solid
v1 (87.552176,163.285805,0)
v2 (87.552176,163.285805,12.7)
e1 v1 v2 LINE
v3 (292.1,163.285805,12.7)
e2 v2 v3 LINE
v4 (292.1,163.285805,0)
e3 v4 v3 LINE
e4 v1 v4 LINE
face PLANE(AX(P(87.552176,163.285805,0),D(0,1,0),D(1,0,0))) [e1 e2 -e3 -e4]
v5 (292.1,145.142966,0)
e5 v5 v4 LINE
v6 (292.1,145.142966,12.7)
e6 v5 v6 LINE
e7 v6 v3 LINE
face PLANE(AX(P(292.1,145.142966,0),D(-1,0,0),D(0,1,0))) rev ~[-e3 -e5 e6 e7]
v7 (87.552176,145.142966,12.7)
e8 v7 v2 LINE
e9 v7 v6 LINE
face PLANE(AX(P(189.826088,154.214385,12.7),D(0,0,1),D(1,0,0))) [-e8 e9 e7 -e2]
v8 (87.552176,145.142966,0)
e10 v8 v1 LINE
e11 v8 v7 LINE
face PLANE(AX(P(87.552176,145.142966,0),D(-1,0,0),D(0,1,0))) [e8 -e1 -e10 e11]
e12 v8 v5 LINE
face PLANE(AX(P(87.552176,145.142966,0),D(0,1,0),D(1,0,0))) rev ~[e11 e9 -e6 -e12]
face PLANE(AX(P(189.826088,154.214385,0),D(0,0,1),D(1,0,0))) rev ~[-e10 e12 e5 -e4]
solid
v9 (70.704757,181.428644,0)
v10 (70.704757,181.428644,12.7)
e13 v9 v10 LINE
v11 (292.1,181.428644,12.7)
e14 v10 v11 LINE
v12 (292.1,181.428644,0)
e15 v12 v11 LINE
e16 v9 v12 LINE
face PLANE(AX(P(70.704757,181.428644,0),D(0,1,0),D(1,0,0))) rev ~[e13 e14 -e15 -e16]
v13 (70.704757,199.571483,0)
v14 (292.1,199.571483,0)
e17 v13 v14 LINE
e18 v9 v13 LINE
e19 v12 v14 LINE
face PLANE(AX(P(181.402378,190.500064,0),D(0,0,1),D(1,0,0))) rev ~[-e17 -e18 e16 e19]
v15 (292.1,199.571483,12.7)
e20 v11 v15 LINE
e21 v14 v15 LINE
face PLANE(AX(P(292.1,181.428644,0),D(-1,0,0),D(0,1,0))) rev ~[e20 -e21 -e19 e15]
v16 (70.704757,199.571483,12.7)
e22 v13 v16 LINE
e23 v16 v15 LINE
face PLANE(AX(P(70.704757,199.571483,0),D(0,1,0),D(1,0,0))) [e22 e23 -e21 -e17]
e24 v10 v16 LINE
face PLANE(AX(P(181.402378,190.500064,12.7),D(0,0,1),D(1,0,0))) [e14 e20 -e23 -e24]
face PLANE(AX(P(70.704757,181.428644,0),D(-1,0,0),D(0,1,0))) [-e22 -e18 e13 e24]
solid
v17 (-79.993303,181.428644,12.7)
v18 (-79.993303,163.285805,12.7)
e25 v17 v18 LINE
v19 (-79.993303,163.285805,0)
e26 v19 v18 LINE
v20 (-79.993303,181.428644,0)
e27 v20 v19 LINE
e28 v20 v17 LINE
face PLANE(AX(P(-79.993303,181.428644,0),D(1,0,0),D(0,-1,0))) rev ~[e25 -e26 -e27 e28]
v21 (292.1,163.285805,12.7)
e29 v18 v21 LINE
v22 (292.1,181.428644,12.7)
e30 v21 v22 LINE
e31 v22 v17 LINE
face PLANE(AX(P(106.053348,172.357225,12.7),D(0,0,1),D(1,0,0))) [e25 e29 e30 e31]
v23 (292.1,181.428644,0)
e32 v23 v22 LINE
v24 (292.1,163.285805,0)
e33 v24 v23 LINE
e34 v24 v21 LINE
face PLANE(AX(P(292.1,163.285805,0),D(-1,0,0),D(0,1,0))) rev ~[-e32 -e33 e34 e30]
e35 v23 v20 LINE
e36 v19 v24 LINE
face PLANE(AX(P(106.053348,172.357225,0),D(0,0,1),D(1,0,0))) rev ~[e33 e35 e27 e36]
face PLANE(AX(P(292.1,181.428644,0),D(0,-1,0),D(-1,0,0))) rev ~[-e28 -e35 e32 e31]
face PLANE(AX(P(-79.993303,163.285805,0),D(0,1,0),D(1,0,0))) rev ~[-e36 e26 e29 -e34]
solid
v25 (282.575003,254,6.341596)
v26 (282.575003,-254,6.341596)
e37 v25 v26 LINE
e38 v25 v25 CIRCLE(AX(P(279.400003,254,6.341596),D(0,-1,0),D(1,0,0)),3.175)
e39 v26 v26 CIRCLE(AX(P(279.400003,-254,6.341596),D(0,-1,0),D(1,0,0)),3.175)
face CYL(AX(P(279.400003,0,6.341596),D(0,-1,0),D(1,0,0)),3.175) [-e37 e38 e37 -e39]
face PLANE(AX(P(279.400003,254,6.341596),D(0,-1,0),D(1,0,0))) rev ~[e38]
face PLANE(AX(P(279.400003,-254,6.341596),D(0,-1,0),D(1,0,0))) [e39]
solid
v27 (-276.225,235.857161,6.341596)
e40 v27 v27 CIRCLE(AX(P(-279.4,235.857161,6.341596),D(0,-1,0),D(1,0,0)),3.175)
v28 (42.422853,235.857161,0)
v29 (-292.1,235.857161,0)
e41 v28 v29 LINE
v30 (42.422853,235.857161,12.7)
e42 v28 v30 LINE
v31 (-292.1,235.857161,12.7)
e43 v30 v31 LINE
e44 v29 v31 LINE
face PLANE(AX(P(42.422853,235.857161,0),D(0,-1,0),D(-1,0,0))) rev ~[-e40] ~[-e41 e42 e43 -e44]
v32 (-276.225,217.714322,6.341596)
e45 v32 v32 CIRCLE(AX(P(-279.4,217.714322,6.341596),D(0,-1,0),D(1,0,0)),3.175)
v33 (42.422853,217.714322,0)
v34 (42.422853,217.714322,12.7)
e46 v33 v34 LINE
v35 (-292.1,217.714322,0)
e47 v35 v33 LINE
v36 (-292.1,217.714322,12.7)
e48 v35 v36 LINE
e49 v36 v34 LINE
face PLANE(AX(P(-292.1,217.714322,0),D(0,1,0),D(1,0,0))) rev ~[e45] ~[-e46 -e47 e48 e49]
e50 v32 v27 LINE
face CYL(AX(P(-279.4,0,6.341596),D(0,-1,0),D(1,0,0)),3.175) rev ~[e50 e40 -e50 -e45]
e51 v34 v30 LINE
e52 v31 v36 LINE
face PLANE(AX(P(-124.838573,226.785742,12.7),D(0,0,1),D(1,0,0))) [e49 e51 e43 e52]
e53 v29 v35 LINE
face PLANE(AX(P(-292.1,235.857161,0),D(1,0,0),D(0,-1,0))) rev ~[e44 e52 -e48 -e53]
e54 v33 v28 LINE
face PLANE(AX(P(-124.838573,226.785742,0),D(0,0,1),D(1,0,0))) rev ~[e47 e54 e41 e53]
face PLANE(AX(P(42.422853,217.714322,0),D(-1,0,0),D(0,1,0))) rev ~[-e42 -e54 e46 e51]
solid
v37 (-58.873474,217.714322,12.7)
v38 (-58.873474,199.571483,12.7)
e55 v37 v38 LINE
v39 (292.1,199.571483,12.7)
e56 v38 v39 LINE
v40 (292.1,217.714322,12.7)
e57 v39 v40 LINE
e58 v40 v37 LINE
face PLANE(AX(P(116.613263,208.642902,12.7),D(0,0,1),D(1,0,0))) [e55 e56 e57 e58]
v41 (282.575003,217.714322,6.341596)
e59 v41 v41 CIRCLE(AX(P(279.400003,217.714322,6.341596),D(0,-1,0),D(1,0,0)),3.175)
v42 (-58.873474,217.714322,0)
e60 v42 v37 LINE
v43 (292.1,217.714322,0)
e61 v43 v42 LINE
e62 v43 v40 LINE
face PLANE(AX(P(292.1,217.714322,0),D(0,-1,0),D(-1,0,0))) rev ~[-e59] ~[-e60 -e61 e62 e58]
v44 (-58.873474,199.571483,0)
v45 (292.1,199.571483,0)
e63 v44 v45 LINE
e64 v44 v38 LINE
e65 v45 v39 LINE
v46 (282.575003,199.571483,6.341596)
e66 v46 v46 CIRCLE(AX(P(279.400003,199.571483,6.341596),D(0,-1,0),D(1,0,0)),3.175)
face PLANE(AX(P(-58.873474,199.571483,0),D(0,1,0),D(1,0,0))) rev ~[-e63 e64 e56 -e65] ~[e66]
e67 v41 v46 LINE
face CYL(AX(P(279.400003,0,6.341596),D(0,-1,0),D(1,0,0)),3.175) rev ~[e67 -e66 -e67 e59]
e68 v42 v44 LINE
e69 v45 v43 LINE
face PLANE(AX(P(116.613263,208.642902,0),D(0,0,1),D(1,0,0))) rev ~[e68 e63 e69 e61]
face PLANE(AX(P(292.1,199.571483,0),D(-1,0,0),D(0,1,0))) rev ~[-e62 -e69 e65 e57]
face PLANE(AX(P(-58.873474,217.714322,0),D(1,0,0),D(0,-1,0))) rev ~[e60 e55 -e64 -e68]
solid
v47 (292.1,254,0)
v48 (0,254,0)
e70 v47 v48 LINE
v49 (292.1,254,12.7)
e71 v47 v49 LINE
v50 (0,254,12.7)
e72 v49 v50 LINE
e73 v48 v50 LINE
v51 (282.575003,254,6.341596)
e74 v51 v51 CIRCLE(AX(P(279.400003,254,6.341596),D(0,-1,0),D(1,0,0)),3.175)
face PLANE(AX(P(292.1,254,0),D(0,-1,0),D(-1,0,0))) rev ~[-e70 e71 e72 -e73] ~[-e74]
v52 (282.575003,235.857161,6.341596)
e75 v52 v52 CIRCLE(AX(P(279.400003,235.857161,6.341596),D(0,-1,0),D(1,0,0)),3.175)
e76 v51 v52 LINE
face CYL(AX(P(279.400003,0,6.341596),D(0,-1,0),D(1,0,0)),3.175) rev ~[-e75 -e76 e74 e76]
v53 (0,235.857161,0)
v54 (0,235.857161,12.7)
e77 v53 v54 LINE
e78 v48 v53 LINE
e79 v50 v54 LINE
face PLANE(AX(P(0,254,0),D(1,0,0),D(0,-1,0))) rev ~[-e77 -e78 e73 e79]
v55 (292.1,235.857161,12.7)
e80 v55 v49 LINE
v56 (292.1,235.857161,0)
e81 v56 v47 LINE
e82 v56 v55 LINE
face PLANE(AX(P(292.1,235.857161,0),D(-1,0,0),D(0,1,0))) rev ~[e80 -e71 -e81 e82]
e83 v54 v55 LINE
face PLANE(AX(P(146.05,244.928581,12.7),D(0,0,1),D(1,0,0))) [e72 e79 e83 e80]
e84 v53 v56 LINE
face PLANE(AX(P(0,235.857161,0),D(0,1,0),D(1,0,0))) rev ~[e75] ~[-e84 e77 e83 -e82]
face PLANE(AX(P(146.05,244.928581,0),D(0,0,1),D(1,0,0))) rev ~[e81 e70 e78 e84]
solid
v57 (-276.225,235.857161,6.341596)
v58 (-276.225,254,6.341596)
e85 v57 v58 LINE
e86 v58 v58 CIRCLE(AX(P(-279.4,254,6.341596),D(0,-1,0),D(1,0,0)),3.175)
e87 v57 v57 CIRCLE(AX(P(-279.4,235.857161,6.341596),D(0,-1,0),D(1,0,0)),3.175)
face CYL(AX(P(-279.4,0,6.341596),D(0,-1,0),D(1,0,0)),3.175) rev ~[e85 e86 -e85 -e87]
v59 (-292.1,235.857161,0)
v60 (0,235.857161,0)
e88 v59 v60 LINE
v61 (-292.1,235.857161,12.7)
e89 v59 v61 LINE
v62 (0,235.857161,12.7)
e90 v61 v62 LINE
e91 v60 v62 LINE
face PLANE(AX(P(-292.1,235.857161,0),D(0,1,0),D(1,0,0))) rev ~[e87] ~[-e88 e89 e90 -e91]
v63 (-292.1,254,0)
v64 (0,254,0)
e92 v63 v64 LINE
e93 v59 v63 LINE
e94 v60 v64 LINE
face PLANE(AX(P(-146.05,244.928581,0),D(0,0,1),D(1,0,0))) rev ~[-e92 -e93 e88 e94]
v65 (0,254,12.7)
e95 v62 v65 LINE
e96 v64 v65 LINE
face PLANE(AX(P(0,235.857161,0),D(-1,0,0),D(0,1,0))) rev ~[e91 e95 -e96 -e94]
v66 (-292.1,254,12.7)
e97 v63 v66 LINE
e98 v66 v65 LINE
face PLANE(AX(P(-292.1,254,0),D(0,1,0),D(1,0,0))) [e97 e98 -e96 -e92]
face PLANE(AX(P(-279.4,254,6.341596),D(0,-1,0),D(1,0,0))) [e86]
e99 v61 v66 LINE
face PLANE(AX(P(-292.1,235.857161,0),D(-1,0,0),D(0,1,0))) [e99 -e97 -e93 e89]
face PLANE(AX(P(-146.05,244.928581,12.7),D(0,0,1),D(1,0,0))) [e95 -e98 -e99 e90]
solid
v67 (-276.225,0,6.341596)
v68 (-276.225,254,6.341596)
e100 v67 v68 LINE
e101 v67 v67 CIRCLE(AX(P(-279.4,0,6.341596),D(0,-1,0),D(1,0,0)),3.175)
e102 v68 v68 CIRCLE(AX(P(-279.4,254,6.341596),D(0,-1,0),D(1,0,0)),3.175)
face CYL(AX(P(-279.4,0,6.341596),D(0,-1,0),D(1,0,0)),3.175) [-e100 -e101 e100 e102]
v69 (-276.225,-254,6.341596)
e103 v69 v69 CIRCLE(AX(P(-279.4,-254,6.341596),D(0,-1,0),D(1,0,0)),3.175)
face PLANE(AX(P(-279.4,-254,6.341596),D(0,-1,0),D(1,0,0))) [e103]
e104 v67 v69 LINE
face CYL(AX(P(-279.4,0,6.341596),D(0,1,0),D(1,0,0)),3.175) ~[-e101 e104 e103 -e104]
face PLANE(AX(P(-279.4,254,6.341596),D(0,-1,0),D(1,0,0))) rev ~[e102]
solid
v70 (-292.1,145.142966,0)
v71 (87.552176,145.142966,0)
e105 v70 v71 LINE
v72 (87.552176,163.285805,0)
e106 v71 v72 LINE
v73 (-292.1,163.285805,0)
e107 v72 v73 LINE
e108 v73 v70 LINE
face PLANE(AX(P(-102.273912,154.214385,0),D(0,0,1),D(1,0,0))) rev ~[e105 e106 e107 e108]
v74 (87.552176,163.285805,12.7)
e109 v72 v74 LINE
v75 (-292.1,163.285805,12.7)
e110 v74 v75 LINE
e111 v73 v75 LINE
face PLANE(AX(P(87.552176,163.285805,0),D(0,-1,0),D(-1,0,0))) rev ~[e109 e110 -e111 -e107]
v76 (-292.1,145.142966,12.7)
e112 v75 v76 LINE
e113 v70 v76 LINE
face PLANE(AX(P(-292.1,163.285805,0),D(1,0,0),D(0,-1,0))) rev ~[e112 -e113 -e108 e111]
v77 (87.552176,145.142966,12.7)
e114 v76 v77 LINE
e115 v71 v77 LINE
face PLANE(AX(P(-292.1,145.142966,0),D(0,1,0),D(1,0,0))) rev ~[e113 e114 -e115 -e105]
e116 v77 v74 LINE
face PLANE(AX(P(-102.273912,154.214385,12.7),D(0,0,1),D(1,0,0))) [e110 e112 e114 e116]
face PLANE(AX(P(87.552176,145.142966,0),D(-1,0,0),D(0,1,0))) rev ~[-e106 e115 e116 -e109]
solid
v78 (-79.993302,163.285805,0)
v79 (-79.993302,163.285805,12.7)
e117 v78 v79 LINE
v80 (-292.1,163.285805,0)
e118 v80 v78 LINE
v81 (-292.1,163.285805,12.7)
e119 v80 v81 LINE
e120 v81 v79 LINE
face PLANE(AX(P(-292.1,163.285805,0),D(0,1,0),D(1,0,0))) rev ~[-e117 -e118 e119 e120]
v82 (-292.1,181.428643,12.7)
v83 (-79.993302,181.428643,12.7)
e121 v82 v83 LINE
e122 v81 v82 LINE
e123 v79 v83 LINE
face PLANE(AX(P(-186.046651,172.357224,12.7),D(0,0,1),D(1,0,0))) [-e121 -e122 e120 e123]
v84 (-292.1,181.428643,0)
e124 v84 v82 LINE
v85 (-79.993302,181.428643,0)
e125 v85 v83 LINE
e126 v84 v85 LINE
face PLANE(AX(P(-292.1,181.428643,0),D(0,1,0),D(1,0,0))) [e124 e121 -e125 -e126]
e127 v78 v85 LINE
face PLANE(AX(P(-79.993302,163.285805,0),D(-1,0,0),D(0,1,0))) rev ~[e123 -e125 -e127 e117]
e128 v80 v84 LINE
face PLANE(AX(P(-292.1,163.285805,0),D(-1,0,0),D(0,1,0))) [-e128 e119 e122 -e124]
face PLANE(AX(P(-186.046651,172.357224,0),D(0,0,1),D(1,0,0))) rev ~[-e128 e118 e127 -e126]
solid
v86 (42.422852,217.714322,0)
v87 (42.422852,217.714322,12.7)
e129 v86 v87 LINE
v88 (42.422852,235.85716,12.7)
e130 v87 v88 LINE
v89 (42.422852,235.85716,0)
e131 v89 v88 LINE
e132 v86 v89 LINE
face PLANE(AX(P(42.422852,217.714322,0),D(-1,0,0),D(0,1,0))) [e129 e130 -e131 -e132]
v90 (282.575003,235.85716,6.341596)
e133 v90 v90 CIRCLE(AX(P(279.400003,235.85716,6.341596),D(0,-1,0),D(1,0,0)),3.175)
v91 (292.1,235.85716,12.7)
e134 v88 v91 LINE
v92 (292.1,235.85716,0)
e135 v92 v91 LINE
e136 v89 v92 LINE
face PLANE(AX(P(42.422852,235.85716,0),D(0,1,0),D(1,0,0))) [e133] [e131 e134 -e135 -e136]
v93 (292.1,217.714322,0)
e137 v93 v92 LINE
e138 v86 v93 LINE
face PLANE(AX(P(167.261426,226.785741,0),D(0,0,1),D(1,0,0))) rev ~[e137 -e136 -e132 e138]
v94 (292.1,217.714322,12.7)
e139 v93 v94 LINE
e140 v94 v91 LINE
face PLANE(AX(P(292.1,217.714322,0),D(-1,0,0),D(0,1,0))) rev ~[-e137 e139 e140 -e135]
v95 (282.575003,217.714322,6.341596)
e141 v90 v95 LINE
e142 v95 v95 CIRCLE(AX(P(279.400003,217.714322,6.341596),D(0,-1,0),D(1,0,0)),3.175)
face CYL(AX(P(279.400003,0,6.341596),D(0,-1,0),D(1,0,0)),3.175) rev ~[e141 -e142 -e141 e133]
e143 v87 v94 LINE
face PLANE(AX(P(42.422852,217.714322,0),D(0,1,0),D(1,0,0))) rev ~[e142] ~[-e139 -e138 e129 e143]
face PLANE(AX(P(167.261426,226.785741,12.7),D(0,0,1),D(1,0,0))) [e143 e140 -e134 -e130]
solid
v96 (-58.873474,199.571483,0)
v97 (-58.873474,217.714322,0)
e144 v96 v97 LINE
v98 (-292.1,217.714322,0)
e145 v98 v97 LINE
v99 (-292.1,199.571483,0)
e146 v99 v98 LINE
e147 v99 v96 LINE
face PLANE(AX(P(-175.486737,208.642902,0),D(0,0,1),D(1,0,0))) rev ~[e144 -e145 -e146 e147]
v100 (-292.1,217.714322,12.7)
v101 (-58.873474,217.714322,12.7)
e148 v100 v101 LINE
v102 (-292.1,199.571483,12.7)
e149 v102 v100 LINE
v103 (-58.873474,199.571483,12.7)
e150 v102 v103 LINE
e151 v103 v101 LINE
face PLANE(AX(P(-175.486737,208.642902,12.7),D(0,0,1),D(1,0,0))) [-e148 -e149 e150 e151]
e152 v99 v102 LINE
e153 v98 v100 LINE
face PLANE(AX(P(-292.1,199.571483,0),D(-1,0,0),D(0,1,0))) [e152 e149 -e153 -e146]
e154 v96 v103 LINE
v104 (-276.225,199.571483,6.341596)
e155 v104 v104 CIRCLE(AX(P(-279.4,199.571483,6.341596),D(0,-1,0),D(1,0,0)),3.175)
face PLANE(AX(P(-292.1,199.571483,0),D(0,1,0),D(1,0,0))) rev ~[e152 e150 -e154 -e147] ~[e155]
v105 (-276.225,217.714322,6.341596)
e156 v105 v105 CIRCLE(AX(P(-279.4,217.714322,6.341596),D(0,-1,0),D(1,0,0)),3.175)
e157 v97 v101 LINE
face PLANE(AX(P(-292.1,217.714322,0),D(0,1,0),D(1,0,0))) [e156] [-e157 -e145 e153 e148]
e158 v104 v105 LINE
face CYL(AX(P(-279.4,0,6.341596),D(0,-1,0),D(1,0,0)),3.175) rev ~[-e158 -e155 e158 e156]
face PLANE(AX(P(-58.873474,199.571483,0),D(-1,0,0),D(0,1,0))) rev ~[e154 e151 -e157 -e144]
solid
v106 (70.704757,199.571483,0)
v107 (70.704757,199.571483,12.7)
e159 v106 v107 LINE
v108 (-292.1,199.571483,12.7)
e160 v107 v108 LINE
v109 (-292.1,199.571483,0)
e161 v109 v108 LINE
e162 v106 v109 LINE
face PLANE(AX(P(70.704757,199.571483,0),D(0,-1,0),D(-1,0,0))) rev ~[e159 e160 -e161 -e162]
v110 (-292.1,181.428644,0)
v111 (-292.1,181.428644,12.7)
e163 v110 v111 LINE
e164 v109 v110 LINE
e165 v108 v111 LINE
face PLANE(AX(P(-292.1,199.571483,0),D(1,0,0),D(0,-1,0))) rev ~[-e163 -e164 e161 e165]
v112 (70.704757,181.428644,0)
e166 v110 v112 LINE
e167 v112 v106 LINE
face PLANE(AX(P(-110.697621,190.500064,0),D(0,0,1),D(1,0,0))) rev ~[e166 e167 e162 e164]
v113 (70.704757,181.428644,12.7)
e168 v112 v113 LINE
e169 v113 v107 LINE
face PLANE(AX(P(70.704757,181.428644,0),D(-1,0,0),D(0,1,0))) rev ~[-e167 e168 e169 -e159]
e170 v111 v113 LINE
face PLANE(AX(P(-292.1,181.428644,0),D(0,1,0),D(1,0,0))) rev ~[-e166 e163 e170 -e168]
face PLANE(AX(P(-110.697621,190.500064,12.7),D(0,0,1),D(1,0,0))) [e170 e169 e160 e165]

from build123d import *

# Parameters (mm, degrees)
F0_W      = 292.1
F0_H      = 18.142839
F1_DEPTH  = 12.7
F2_DEPTH  = 12.7
F0_W_2    = 233.226526
F3_DEPTH  = 12.7
F4_DEPTH  = 12.7
F0_W_3    = 249.677147
F5_DEPTH  = 12.7
F6_DEPTH  = 12.7
F7_R      = 3.175
F8_DEPTH  = 254
F10_DEPTH = 254
F11_DEPTH = 12.7
F0_W_4    = 221.395243
F12_DEPTH = 12.7
F0_W_5    = 212.106697
F13_DEPTH = 12.7
F14_DEPTH = 12.7
F15_DEPTH = 12.7
F0_W_6    = 204.547824
F16_DEPTH = 12.7


with BuildPart() as f1:
    # F0 (on Top) → F1 (new body)
    with BuildSketch(Plane.XY):
        with Locations((-146.05, 244.928581)):
            Rectangle(F0_W, F0_H)
    extrude(amount=F1_DEPTH)


with BuildPart() as f2:
    # F0 (on Top) → F2 (new body)
    with BuildSketch(Plane.XY):
        Polygon((42.422853, 235.857161), (0, 235.857161), (-292.1, 235.857161), (-292.1, 217.714322), (-58.873474, 217.714322), (42.422853, 217.714322), align=None)
    extrude(amount=F2_DEPTH)


with BuildPart() as f3:
    # F0 (on Top) → F3 (new body)
    with BuildSketch(Plane.XY):
        with Locations((-175.486737, 208.642902)):
            Rectangle(F0_W_2, F0_H)
    extrude(amount=F3_DEPTH)


with BuildPart() as f4:
    # F0 (on Top) → F4 (new body)
    with BuildSketch(Plane.XY):
        Polygon((292.1, 235.857161), (292.1, 254), (0, 254), (0, 235.857161), (42.422853, 235.857161), align=None)
    extrude(amount=F4_DEPTH)


with BuildPart() as f5:
    # F0 (on Top) → F5 (new body)
    with BuildSketch(Plane.XY):
        with Locations((167.261426, 226.785741)):
            Rectangle(F0_W_3, F0_H)
    extrude(amount=F5_DEPTH)


with BuildPart() as f6:
    # F0 (on Top) → F6 (new body)
    with BuildSketch(Plane.XY):
        Polygon((292.1, 199.571483), (292.1, 217.714322), (42.422853, 217.714322), (-58.873474, 217.714322), (-58.873474, 199.571483), (70.704757, 199.571483), align=None)
    extrude(amount=F6_DEPTH)


with BuildPart() as f8:
    # F7 (on Front) → F8 (new body, symmetric)
    with BuildSketch(Plane.XZ):
        with Locations((-279.4, 6.341596)):
            Circle(F7_R)
        with Locations((279.400003, 6.341596)):
            Circle(F7_R)
    extrude(amount=F8_DEPTH, both=True)


with BuildPart() as f3_1:
    add(f3.part)

    # F9: cut F8
    add(f8.part, mode=Mode.SUBTRACT)


with BuildPart() as f2_1:
    add(f2.part)

    # F9: cut F8
    add(f8.part, mode=Mode.SUBTRACT)


with BuildPart() as f1_1:
    add(f1.part)

    # F9: cut F8
    add(f8.part, mode=Mode.SUBTRACT)


with BuildPart() as f6_1:
    add(f6.part)

    # F9: cut F8
    add(f8.part, mode=Mode.SUBTRACT)


with BuildPart() as f5_1:
    add(f5.part)

    # F9: cut F8
    add(f8.part, mode=Mode.SUBTRACT)


with BuildPart() as f4_1:
    add(f4.part)

    # F9: cut F8
    add(f8.part, mode=Mode.SUBTRACT)


with BuildPart() as f10:
    # F7 (on Front) → F10 (new body, symmetric)
    with BuildSketch(Plane.XZ):
        with Locations((-279.4, 6.341596)):
            Circle(F7_R)
        with Locations((279.400003, 6.341596)):
            Circle(F7_R)
    extrude(amount=F10_DEPTH, both=True)


with BuildPart() as f11:
    # F0 (on Top) → F11 (new body)
    with BuildSketch(Plane.XY):
        Polygon((70.704757, 181.428644), (70.704757, 199.571483), (-58.873474, 199.571483), (-292.1, 199.571483), (-292.1, 181.428644), (-79.993303, 181.428644), align=None)
    extrude(amount=F11_DEPTH)


with BuildPart() as f12:
    # F0 (on Top) → F12 (new body)
    with BuildSketch(Plane.XY):
        with Locations((181.402378, 190.500064)):
            Rectangle(F0_W_4, F0_H)
    extrude(amount=F12_DEPTH)


with BuildPart() as f13:
    # F0 (on Top) → F13 (new body)
    with BuildSketch(Plane.XY):
        with Locations((-186.046651, 172.357224)):
            Rectangle(F0_W_5, F0_H)
    extrude(amount=F13_DEPTH)


with BuildPart() as f14:
    # F0 (on Top) → F14 (new body)
    with BuildSketch(Plane.XY):
        Polygon((292.1, 163.285805), (292.1, 181.428644), (70.704757, 181.428644), (-79.993303, 181.428644), (-79.993303, 163.285805), (87.552176, 163.285805), align=None)
    extrude(amount=F14_DEPTH)


with BuildPart() as f15:
    # F0 (on Top) → F15 (new body)
    with BuildSketch(Plane.XY):
        Polygon((87.552176, 145.142966), (87.552176, 163.285805), (-79.993303, 163.285805), (-292.1, 163.285805), (-292.1, 145.142966), (-93.800467, 145.142966), align=None)
    extrude(amount=F15_DEPTH)


with BuildPart() as f16:
    # F0 (on Top) → F16 (new body)
    with BuildSketch(Plane.XY):
        with Locations((189.826088, 154.214385)):
            Rectangle(F0_W_6, F0_H)
    extrude(amount=F16_DEPTH)


solid = Compound([f3_1.part, f2_1.part, f1_1.part, f6_1.part, f5_1.part, f4_1.part, f10.part, f11.part, f12.part, f13.part, f14.part, f15.part, f16.part])
